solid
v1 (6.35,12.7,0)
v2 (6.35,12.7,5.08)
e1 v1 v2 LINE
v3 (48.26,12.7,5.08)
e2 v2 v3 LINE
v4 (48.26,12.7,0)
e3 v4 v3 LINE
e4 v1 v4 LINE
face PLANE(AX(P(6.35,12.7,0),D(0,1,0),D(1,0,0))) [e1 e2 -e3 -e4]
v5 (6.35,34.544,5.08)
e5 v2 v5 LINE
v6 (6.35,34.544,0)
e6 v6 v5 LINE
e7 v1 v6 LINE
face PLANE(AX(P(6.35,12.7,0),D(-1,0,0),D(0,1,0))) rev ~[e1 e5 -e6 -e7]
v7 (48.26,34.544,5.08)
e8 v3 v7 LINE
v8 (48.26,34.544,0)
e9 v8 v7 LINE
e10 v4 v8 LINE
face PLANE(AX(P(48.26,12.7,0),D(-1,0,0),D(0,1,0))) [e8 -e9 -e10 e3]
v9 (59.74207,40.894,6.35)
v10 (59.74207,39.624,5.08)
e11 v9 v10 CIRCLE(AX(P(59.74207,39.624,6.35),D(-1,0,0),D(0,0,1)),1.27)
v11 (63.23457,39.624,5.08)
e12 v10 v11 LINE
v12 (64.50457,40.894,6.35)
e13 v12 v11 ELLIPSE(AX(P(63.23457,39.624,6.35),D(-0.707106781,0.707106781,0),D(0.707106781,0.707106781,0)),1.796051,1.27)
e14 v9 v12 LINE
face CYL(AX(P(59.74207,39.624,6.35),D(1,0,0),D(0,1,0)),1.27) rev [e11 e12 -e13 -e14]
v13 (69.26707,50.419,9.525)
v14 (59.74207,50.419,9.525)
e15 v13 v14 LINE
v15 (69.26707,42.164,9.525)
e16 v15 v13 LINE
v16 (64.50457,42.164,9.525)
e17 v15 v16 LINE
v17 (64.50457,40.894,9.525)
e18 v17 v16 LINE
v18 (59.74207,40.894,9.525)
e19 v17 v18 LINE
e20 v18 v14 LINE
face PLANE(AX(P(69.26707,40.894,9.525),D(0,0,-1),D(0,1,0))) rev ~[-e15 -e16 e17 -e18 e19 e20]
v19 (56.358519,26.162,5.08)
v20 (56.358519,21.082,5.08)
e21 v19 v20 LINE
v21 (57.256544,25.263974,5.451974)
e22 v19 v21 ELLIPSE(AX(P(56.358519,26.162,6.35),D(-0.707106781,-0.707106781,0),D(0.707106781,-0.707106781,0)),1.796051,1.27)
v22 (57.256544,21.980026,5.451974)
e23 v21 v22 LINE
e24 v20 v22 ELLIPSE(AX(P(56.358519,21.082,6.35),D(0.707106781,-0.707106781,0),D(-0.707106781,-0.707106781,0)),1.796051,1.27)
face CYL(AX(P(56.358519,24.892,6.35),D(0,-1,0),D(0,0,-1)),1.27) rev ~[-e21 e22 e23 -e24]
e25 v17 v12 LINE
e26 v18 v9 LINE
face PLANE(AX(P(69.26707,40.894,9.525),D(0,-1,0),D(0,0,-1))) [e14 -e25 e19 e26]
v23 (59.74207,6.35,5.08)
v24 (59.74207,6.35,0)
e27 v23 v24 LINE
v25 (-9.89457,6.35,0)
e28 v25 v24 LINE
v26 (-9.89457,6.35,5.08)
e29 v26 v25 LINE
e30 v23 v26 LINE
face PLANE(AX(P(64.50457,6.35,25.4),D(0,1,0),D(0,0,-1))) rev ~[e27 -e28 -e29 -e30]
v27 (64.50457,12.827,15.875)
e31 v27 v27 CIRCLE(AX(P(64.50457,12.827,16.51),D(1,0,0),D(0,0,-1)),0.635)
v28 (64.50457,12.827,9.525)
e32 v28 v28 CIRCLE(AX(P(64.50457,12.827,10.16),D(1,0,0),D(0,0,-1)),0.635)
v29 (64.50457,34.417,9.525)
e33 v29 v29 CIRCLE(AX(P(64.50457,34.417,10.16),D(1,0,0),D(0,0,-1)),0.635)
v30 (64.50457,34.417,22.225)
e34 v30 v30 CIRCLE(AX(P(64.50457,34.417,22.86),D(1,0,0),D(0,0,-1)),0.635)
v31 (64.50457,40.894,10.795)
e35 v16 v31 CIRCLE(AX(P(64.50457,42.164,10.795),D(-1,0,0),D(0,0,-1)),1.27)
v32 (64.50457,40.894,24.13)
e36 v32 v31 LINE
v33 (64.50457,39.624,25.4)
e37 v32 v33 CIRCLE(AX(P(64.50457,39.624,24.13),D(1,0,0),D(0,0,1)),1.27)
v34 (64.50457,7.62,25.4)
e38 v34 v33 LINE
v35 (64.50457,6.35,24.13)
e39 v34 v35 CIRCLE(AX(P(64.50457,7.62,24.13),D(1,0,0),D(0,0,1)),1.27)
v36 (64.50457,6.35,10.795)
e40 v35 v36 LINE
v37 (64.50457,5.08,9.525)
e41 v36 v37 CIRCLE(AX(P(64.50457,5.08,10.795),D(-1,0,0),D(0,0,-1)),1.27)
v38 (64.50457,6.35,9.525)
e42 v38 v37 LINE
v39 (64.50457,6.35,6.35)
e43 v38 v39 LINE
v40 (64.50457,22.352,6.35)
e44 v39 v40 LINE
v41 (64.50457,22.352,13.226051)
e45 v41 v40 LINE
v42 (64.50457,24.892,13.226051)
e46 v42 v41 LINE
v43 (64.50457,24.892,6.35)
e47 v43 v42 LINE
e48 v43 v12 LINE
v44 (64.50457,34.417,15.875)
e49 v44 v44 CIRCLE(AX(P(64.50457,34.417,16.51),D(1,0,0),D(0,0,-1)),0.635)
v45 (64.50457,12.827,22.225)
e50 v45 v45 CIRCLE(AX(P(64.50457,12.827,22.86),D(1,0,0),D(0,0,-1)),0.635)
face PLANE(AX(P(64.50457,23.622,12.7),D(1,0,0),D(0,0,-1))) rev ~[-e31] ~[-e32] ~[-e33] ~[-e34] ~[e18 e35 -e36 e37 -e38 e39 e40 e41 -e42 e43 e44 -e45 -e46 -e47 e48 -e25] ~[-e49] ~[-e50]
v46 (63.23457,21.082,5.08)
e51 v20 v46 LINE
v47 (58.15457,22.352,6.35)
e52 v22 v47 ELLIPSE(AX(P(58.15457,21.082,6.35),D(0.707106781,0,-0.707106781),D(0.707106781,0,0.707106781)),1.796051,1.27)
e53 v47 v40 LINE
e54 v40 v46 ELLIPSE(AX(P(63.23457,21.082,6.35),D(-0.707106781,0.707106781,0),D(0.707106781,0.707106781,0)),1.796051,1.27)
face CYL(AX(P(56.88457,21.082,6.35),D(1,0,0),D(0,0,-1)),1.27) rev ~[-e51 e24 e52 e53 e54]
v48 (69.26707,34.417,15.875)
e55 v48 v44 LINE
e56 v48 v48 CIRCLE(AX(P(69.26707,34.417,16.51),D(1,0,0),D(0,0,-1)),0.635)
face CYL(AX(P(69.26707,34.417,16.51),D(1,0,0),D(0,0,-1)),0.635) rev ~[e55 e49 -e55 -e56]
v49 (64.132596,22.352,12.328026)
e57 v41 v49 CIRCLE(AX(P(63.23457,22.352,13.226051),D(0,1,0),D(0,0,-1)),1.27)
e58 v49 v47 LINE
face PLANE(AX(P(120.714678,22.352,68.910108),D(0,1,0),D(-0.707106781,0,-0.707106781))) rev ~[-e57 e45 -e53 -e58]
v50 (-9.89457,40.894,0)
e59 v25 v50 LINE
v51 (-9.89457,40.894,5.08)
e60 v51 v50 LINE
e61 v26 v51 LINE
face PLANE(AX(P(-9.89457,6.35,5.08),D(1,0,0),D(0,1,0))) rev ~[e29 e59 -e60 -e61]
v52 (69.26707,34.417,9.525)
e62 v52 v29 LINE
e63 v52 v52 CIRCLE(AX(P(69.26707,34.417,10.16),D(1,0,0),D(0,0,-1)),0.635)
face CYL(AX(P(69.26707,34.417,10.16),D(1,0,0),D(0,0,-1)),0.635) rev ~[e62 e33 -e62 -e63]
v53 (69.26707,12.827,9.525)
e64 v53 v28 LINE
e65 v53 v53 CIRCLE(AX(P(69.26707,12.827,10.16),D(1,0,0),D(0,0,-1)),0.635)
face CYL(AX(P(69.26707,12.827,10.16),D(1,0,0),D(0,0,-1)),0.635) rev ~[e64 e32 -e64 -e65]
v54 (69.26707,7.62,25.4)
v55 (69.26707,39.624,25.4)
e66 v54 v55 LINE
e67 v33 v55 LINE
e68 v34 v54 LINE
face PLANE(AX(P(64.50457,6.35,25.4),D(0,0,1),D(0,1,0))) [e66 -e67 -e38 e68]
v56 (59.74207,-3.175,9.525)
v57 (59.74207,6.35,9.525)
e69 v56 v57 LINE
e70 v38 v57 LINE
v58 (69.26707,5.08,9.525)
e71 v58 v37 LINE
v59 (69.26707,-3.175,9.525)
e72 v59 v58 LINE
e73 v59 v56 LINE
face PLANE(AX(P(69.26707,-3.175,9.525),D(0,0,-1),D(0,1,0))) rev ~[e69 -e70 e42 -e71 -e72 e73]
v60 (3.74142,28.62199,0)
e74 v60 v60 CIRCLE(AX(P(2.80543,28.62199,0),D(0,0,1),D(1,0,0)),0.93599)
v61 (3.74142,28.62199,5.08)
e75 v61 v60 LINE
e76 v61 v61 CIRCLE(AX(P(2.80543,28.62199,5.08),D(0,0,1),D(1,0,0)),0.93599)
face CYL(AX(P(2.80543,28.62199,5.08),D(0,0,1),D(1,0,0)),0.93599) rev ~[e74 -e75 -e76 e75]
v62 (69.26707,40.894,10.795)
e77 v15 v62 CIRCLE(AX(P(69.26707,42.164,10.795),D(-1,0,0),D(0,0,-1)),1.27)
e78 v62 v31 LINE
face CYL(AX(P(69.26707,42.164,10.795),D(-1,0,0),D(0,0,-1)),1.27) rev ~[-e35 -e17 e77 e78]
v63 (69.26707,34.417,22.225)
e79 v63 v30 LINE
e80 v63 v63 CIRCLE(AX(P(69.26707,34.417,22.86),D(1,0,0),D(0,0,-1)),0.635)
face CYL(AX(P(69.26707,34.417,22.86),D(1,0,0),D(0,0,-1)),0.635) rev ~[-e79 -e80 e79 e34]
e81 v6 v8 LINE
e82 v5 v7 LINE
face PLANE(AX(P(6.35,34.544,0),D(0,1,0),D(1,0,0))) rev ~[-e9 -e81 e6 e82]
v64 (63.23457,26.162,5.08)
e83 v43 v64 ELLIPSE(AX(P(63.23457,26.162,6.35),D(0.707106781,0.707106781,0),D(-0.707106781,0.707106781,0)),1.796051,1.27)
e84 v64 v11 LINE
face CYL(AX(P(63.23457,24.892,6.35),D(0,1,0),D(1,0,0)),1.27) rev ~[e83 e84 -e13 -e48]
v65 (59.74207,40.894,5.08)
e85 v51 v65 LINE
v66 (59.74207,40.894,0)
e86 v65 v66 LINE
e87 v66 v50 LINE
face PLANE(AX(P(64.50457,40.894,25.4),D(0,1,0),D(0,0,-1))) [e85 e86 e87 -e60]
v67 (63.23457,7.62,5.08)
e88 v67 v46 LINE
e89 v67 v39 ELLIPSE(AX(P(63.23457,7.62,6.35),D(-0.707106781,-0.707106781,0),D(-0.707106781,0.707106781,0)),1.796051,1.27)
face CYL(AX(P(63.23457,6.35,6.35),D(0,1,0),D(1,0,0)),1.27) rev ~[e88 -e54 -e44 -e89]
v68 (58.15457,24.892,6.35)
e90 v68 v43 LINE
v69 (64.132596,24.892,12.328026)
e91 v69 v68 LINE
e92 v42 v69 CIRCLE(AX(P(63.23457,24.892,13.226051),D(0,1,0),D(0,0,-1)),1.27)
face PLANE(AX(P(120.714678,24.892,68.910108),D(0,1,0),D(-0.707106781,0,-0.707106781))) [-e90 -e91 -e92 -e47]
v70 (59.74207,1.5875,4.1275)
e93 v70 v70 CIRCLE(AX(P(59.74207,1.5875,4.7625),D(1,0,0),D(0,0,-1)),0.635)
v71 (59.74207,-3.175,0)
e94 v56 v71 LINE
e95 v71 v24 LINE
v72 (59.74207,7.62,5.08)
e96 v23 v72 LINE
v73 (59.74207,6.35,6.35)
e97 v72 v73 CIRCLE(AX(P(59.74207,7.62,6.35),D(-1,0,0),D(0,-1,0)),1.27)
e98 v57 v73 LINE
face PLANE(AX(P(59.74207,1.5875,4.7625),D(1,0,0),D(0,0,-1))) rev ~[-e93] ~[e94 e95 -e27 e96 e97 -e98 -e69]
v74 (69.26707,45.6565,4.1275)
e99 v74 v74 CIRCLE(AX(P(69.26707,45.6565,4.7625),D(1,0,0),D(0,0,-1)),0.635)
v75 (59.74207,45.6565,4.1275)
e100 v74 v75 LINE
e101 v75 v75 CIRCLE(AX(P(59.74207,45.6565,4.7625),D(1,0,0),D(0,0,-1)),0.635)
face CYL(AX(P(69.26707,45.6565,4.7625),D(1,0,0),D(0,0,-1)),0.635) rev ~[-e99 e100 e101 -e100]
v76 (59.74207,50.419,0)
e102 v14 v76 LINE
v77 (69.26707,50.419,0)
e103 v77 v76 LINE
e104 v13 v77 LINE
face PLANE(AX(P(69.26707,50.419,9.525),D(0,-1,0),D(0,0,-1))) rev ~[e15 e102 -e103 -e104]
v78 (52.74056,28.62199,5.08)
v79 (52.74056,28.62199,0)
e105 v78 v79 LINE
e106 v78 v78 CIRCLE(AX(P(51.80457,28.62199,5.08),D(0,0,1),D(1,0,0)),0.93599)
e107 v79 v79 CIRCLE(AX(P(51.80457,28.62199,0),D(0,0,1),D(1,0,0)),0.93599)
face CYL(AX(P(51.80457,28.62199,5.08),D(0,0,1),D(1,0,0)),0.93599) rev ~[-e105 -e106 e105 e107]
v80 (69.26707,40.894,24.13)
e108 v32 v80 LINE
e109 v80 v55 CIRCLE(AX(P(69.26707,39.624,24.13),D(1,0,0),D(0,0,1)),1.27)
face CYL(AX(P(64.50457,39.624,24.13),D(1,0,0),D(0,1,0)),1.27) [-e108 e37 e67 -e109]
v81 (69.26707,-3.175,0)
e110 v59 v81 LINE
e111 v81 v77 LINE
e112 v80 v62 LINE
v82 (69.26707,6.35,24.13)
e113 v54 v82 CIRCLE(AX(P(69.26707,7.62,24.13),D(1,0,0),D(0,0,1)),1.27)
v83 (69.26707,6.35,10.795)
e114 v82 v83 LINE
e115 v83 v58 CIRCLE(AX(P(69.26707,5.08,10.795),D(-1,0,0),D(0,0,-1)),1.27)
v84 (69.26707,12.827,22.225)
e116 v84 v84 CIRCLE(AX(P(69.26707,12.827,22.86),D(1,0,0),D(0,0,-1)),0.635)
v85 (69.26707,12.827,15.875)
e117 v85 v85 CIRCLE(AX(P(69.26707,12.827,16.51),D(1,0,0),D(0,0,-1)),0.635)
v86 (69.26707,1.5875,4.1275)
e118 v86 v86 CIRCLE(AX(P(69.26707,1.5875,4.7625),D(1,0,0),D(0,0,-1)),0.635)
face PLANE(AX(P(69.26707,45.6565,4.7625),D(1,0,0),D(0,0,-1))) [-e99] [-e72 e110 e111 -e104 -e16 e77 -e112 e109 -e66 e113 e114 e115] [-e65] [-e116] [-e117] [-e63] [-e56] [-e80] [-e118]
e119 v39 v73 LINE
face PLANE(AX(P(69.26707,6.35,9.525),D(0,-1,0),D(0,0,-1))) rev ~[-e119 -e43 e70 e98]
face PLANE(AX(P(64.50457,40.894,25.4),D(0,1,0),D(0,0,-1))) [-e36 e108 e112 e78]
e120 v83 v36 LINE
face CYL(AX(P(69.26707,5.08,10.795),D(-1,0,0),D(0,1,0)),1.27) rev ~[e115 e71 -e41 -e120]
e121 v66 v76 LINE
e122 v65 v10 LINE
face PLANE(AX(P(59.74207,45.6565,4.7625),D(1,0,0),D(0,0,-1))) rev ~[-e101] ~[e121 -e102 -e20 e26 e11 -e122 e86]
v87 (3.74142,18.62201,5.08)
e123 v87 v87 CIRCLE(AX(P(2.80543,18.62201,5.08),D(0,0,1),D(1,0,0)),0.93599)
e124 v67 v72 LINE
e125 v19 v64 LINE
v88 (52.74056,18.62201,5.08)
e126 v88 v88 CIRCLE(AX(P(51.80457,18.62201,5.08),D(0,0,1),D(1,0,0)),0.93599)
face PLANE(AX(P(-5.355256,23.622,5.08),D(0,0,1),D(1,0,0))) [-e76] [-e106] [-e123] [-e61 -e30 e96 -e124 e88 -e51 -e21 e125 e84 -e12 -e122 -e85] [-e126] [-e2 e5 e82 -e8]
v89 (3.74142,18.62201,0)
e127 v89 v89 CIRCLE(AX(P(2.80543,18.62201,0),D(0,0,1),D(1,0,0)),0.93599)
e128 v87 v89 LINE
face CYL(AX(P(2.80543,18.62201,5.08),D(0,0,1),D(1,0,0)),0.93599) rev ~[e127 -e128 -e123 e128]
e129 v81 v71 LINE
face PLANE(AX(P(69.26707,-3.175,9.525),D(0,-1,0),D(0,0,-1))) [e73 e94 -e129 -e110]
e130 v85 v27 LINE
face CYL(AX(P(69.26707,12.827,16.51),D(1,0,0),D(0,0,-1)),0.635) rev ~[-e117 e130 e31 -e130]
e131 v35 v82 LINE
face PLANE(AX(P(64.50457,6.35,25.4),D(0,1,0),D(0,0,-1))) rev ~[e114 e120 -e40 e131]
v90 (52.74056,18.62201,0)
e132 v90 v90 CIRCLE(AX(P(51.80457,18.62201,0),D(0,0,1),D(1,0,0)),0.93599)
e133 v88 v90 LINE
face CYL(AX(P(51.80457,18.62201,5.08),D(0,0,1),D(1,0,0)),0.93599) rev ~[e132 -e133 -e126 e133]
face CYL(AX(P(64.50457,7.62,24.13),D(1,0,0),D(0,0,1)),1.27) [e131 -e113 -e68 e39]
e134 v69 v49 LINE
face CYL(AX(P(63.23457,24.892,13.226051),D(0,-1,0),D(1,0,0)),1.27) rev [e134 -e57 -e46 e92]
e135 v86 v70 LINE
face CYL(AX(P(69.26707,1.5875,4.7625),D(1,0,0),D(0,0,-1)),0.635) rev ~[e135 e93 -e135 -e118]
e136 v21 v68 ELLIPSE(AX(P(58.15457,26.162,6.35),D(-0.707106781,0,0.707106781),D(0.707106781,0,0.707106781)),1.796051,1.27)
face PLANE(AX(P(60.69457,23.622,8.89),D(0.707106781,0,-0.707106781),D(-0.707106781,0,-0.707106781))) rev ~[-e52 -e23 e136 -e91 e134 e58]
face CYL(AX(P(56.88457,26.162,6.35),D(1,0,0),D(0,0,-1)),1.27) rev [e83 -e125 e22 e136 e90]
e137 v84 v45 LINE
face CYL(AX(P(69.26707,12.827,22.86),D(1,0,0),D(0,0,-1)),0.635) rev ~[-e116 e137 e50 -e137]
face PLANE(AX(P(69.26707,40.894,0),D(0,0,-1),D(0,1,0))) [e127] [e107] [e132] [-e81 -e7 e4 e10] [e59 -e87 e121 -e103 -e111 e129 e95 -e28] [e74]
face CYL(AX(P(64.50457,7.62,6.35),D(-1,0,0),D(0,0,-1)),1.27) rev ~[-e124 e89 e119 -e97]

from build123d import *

# Parameters (mm, degrees)
SKETCH1_W            = 54.61
SKETCH1_H            = 47.244
SKETCH1_W_2          = 41.91
SKETCH1_H_2          = 21.844
BOSS_EXTRUDE1_DEPTH  = 5.08
SKETCH2_R            = 0.93599
CUT_EXTRUDE1_DEPTH   = 73.388217522
SKETCH10_W           = 14.41958
SKETCH10_H           = 19.49958
SKETCH10_R           = 0.635
BOSS_EXTRUDE4_DEPTH  = 5.08
SKETCH11_R           = 0.635
SKETCH11_W           = 3.302
SKETCH11_H           = 76.2
BOSS_EXTRUDE5_DEPTH  = 5.08
SKETCH12_W           = 60.452
SKETCH12_H           = 6.35
SKETCH12_W_2         = 59.182
CUT_EXTRUDE2_DEPTH   = 95.448366629
SKETCH13_W           = 7.0195552
SKETCH13_H           = 78.993394517
BOSS_EXTRUDE6_DEPTH  = 4.826
FILLET1_R            = 2.54
CUT_EXTRUDE3_DEPTH   = 95.448366629
SKETCH15_W           = 9.078627065
SKETCH15_H           = 34.544
BOSS_EXTRUDE7_DEPTH  = 5.08
SKETCH19_W           = 25.4
SKETCH19_H           = 34.544
BOSS_EXTRUDE9_DEPTH  = 4.7625
SKETCH20_W           = 9.525
SKETCH20_H           = 9.525
BOSS_EXTRUDE10_DEPTH = 9.525
SKETCH21_R           = 0.635
CUT_EXTRUDE4_DEPTH   = 98.23065776
SKETCH22_R           = 0.635
CUT_EXTRUDE5_DEPTH   = 98.23065776
RIB1_REACH           = 80.493
SKETCH24_WALL_W      = 169.76250031
SKETCH24_WALL_H      = 2.54
FILLET2_R            = 1.27


with BuildPart() as part:
    # Sketch1 → Boss-Extrude1 (new body)
    with BuildSketch(Plane.XY):
        with Locations((27.305, 23.622)):
            Rectangle(SKETCH1_W, SKETCH1_H)
        with Locations((27.305, 23.622)):
            Rectangle(SKETCH1_W_2, SKETCH1_H_2, mode=Mode.SUBTRACT)
    extrude(amount=BOSS_EXTRUDE1_DEPTH)

    # Sketch2 → Cut-Extrude1 (cut, through all)
    with BuildSketch(Plane.XY.offset(5.08)):
        with Locations((2.80543, 28.62199)):
            Circle(SKETCH2_R)
        with Locations((2.80543, 18.62201)):
            Circle(SKETCH2_R)
        with Locations((51.80457, 28.62199)):
            Circle(SKETCH2_R)
        with Locations((51.80457, 18.62201)):
            Circle(SKETCH2_R)
    extrude(amount=-CUT_EXTRUDE1_DEPTH, mode=Mode.SUBTRACT)

    # Sketch10 → Boss-Extrude4 (add)
    with BuildSketch(Plane.XY.offset(5.08)):
        with Locations((61.81979, 23.622)):
            Rectangle(SKETCH10_W, SKETCH10_H)
        with Locations((64.35979, 21.49221)):
            Circle(SKETCH10_R, mode=Mode.SUBTRACT)
        with Locations((64.35979, 25.75179)):
            Circle(SKETCH10_R, mode=Mode.SUBTRACT)
    extrude(amount=-BOSS_EXTRUDE4_DEPTH)

    # Sketch11 → Boss-Extrude5 (add)
    with BuildSketch(Plane.XY.offset(5.08)):
        Polygon((0, 47.244), (-5.842, 47.244), (-5.842, 64.262), (-15.748, 64.262), (-15.748, -17.018), (-4.572, -17.018), (-4.572, 0), (0, 0), align=None)
        with Locations(Location((-4.572, 21.49221, 0), (0, 0, 180))):
            Circle(SKETCH11_R, mode=Mode.SUBTRACT)
        with Locations(Location((-4.572, 25.75179, 0), (0, 0, 180))):
            Circle(SKETCH11_R, mode=Mode.SUBTRACT)
        with Locations((-10.795, 23.622)):
            Rectangle(SKETCH11_W, SKETCH11_H, mode=Mode.SUBTRACT)
    extrude(amount=-BOSS_EXTRUDE5_DEPTH)

    # Sketch12 → Cut-Extrude2 (cut, through all)
    with BuildSketch(Plane.XY.offset(5.08)):
        with Locations((24.384, 44.069)):
            Rectangle(SKETCH12_W, SKETCH12_H)
        with Locations((25.019, 3.175)):
            Rectangle(SKETCH12_W_2, SKETCH12_H)
    extrude(amount=-CUT_EXTRUDE2_DEPTH, mode=Mode.SUBTRACT)

    # Sketch13 → Boss-Extrude6 (add)
    with BuildSketch(Plane(origin=(0, 0, 0), x_dir=(-1, 0, 0), z_dir=(0, 0, -1))):
        with Locations((10.665198327, 23.388014827)):
            Rectangle(SKETCH13_W, SKETCH13_H)
    extrude(amount=-BOSS_EXTRUDE6_DEPTH)

    # Fillet1
    fillet1_edges = [part.edges().sort_by_distance(p)[0] for p in [
        (69.02958, 13.87221, 2.54),
        (54.61, 13.87221, 2.54),
        (54.61, 6.35, 2.54),
        (-4.572, 6.35, 2.54),
        (-4.572, -17.018, 2.54),
        (-15.748, -17.018, 2.54),
        (-15.748, 64.262, 2.54),
        (-5.842, 64.262, 2.54),
        (-5.842, 40.894, 2.54),
        (54.61, 40.894, 2.54),
        (54.61, 33.37179, 2.54),
        (69.02958, 33.37179, 2.54),
    ]]
    fillet(fillet1_edges, radius=FILLET1_R)

    # Sketch14 → Cut-Extrude3 (cut, through all)
    with BuildSketch(Plane.XY.offset(5.08)):
        Polygon((2.80543, 40.894), (-0.815942935, 40.894), (-0.815942935, 6.35), (2.80543, 6.35), (2.80543, -19.941776761), (-23.515321153, -19.941776761), (-23.515321153, 65.826532556), (2.80543, 65.826532556), align=None)
        Polygon((51.80457, 40.896870143), (51.80457, 65.826532556), (74.486186006, 65.826532556), (74.486186006, -19.941776761), (51.80457, -19.941776761), (52.07, 6.35), (54.61, 8.89), (54.61, 38.354), align=None)
    extrude(amount=-CUT_EXTRUDE3_DEPTH, mode=Mode.SUBTRACT)

    # Sketch15 → Boss-Extrude7 (add)
    with BuildSketch(Plane.XY.offset(5.08)):
        with Locations((-5.355256468, 23.622)):
            Rectangle(SKETCH15_W, SKETCH15_H)
        Polygon((51.807736495, 40.894), (54.61, 38.354), (54.61, 8.89), (52.07, 6.35), (64.50457, 6.35), (64.50457, 40.894), align=None)
    extrude(amount=-BOSS_EXTRUDE7_DEPTH)

    # Sketch19 → Boss-Extrude9 (add)
    with BuildSketch(Plane(origin=(64.50457, 0, 0), x_dir=(0, 0, -1), z_dir=(1, 0, 0))):
        with Locations((-12.7, 23.622)):
            Rectangle(SKETCH19_W, SKETCH19_H)
    extrude(amount=BOSS_EXTRUDE9_DEPTH)

    # Sketch20 → Boss-Extrude10 (add)
    with BuildSketch(Plane(origin=(69.26707, 0, 0), x_dir=(0, 0, -1), z_dir=(1, 0, 0))):
        with Locations((-4.7625, 45.6565)):
            Rectangle(SKETCH20_W, SKETCH20_H)
        with Locations((-4.7625, 1.5875)):
            Rectangle(SKETCH20_W, SKETCH20_H)
    extrude(amount=-BOSS_EXTRUDE10_DEPTH)

    # Sketch21 → Cut-Extrude4 (cut, through all)
    with BuildSketch(Plane(origin=(69.26707, 0, 0), x_dir=(0, 0, -1), z_dir=(1, 0, 0))):
        with Locations((-4.7625, 45.6565)):
            Circle(SKETCH21_R)
        with Locations((-4.7625, 1.5875)):
            Circle(SKETCH21_R)
    extrude(amount=-CUT_EXTRUDE4_DEPTH, mode=Mode.SUBTRACT)

    # Sketch22 → Cut-Extrude5 (cut, through all)
    with BuildSketch(Plane(origin=(69.26707, 0, 0), x_dir=(0, 0, -1), z_dir=(1, 0, 0))):
        with Locations((-22.86, 34.417)):
            Circle(SKETCH22_R)
        with Locations((-22.86, 12.827)):
            Circle(SKETCH22_R)
        with Locations((-16.51, 34.417)):
            Circle(SKETCH22_R)
        with Locations((-10.16, 34.417)):
            Circle(SKETCH22_R)
        with Locations((-10.16, 12.827)):
            Circle(SKETCH22_R)
        with Locations((-16.51, 12.827)):
            Circle(SKETCH22_R)
    extrude(amount=-CUT_EXTRUDE5_DEPTH, mode=Mode.SUBTRACT)

    # Sketch24 wall → Rib1 (add, up to next)
    with BuildSketch(Plane(origin=(60.69457, 23.622, 8.89), x_dir=(-0.707106781187, 0, -0.707106781187), z_dir=(0.707106781187, 0, -0.707106781187)), mode=Mode.PRIVATE) as rib1_sk1:
        Rectangle(SKETCH24_WALL_W, SKETCH24_WALL_H)
    rib1_tool1 = extrude(rib1_sk1.sketch, amount=RIB1_REACH, mode=Mode.PRIVATE) - part.part
    add(rib1_tool1.solids().sort_by_distance((60.69457, 23.622, 8.89))[0])

    # Fillet2
    fillet2_edges = [part.edges().sort_by_distance(p)[0] for p in [
        (62.12332, 6.35, 5.08),
        (64.50457, 14.351, 5.08),
        (66.88582, 40.894, 25.4),
        (66.88582, 6.35, 25.4),
        (62.12332, 40.894, 5.08),
        (66.88582, 40.894, 9.525),
        (66.88582, 6.35, 9.525),
        (64.50457, 32.893, 5.08),
        (64.50457, 23.622, 12.7),
        (56.88457, 23.622, 5.08),
        (60.69457, 22.352, 5.08),
        (60.69457, 24.892, 5.08),
    ]]
    fillet(fillet2_edges, radius=FILLET2_R)


solid = part.part
